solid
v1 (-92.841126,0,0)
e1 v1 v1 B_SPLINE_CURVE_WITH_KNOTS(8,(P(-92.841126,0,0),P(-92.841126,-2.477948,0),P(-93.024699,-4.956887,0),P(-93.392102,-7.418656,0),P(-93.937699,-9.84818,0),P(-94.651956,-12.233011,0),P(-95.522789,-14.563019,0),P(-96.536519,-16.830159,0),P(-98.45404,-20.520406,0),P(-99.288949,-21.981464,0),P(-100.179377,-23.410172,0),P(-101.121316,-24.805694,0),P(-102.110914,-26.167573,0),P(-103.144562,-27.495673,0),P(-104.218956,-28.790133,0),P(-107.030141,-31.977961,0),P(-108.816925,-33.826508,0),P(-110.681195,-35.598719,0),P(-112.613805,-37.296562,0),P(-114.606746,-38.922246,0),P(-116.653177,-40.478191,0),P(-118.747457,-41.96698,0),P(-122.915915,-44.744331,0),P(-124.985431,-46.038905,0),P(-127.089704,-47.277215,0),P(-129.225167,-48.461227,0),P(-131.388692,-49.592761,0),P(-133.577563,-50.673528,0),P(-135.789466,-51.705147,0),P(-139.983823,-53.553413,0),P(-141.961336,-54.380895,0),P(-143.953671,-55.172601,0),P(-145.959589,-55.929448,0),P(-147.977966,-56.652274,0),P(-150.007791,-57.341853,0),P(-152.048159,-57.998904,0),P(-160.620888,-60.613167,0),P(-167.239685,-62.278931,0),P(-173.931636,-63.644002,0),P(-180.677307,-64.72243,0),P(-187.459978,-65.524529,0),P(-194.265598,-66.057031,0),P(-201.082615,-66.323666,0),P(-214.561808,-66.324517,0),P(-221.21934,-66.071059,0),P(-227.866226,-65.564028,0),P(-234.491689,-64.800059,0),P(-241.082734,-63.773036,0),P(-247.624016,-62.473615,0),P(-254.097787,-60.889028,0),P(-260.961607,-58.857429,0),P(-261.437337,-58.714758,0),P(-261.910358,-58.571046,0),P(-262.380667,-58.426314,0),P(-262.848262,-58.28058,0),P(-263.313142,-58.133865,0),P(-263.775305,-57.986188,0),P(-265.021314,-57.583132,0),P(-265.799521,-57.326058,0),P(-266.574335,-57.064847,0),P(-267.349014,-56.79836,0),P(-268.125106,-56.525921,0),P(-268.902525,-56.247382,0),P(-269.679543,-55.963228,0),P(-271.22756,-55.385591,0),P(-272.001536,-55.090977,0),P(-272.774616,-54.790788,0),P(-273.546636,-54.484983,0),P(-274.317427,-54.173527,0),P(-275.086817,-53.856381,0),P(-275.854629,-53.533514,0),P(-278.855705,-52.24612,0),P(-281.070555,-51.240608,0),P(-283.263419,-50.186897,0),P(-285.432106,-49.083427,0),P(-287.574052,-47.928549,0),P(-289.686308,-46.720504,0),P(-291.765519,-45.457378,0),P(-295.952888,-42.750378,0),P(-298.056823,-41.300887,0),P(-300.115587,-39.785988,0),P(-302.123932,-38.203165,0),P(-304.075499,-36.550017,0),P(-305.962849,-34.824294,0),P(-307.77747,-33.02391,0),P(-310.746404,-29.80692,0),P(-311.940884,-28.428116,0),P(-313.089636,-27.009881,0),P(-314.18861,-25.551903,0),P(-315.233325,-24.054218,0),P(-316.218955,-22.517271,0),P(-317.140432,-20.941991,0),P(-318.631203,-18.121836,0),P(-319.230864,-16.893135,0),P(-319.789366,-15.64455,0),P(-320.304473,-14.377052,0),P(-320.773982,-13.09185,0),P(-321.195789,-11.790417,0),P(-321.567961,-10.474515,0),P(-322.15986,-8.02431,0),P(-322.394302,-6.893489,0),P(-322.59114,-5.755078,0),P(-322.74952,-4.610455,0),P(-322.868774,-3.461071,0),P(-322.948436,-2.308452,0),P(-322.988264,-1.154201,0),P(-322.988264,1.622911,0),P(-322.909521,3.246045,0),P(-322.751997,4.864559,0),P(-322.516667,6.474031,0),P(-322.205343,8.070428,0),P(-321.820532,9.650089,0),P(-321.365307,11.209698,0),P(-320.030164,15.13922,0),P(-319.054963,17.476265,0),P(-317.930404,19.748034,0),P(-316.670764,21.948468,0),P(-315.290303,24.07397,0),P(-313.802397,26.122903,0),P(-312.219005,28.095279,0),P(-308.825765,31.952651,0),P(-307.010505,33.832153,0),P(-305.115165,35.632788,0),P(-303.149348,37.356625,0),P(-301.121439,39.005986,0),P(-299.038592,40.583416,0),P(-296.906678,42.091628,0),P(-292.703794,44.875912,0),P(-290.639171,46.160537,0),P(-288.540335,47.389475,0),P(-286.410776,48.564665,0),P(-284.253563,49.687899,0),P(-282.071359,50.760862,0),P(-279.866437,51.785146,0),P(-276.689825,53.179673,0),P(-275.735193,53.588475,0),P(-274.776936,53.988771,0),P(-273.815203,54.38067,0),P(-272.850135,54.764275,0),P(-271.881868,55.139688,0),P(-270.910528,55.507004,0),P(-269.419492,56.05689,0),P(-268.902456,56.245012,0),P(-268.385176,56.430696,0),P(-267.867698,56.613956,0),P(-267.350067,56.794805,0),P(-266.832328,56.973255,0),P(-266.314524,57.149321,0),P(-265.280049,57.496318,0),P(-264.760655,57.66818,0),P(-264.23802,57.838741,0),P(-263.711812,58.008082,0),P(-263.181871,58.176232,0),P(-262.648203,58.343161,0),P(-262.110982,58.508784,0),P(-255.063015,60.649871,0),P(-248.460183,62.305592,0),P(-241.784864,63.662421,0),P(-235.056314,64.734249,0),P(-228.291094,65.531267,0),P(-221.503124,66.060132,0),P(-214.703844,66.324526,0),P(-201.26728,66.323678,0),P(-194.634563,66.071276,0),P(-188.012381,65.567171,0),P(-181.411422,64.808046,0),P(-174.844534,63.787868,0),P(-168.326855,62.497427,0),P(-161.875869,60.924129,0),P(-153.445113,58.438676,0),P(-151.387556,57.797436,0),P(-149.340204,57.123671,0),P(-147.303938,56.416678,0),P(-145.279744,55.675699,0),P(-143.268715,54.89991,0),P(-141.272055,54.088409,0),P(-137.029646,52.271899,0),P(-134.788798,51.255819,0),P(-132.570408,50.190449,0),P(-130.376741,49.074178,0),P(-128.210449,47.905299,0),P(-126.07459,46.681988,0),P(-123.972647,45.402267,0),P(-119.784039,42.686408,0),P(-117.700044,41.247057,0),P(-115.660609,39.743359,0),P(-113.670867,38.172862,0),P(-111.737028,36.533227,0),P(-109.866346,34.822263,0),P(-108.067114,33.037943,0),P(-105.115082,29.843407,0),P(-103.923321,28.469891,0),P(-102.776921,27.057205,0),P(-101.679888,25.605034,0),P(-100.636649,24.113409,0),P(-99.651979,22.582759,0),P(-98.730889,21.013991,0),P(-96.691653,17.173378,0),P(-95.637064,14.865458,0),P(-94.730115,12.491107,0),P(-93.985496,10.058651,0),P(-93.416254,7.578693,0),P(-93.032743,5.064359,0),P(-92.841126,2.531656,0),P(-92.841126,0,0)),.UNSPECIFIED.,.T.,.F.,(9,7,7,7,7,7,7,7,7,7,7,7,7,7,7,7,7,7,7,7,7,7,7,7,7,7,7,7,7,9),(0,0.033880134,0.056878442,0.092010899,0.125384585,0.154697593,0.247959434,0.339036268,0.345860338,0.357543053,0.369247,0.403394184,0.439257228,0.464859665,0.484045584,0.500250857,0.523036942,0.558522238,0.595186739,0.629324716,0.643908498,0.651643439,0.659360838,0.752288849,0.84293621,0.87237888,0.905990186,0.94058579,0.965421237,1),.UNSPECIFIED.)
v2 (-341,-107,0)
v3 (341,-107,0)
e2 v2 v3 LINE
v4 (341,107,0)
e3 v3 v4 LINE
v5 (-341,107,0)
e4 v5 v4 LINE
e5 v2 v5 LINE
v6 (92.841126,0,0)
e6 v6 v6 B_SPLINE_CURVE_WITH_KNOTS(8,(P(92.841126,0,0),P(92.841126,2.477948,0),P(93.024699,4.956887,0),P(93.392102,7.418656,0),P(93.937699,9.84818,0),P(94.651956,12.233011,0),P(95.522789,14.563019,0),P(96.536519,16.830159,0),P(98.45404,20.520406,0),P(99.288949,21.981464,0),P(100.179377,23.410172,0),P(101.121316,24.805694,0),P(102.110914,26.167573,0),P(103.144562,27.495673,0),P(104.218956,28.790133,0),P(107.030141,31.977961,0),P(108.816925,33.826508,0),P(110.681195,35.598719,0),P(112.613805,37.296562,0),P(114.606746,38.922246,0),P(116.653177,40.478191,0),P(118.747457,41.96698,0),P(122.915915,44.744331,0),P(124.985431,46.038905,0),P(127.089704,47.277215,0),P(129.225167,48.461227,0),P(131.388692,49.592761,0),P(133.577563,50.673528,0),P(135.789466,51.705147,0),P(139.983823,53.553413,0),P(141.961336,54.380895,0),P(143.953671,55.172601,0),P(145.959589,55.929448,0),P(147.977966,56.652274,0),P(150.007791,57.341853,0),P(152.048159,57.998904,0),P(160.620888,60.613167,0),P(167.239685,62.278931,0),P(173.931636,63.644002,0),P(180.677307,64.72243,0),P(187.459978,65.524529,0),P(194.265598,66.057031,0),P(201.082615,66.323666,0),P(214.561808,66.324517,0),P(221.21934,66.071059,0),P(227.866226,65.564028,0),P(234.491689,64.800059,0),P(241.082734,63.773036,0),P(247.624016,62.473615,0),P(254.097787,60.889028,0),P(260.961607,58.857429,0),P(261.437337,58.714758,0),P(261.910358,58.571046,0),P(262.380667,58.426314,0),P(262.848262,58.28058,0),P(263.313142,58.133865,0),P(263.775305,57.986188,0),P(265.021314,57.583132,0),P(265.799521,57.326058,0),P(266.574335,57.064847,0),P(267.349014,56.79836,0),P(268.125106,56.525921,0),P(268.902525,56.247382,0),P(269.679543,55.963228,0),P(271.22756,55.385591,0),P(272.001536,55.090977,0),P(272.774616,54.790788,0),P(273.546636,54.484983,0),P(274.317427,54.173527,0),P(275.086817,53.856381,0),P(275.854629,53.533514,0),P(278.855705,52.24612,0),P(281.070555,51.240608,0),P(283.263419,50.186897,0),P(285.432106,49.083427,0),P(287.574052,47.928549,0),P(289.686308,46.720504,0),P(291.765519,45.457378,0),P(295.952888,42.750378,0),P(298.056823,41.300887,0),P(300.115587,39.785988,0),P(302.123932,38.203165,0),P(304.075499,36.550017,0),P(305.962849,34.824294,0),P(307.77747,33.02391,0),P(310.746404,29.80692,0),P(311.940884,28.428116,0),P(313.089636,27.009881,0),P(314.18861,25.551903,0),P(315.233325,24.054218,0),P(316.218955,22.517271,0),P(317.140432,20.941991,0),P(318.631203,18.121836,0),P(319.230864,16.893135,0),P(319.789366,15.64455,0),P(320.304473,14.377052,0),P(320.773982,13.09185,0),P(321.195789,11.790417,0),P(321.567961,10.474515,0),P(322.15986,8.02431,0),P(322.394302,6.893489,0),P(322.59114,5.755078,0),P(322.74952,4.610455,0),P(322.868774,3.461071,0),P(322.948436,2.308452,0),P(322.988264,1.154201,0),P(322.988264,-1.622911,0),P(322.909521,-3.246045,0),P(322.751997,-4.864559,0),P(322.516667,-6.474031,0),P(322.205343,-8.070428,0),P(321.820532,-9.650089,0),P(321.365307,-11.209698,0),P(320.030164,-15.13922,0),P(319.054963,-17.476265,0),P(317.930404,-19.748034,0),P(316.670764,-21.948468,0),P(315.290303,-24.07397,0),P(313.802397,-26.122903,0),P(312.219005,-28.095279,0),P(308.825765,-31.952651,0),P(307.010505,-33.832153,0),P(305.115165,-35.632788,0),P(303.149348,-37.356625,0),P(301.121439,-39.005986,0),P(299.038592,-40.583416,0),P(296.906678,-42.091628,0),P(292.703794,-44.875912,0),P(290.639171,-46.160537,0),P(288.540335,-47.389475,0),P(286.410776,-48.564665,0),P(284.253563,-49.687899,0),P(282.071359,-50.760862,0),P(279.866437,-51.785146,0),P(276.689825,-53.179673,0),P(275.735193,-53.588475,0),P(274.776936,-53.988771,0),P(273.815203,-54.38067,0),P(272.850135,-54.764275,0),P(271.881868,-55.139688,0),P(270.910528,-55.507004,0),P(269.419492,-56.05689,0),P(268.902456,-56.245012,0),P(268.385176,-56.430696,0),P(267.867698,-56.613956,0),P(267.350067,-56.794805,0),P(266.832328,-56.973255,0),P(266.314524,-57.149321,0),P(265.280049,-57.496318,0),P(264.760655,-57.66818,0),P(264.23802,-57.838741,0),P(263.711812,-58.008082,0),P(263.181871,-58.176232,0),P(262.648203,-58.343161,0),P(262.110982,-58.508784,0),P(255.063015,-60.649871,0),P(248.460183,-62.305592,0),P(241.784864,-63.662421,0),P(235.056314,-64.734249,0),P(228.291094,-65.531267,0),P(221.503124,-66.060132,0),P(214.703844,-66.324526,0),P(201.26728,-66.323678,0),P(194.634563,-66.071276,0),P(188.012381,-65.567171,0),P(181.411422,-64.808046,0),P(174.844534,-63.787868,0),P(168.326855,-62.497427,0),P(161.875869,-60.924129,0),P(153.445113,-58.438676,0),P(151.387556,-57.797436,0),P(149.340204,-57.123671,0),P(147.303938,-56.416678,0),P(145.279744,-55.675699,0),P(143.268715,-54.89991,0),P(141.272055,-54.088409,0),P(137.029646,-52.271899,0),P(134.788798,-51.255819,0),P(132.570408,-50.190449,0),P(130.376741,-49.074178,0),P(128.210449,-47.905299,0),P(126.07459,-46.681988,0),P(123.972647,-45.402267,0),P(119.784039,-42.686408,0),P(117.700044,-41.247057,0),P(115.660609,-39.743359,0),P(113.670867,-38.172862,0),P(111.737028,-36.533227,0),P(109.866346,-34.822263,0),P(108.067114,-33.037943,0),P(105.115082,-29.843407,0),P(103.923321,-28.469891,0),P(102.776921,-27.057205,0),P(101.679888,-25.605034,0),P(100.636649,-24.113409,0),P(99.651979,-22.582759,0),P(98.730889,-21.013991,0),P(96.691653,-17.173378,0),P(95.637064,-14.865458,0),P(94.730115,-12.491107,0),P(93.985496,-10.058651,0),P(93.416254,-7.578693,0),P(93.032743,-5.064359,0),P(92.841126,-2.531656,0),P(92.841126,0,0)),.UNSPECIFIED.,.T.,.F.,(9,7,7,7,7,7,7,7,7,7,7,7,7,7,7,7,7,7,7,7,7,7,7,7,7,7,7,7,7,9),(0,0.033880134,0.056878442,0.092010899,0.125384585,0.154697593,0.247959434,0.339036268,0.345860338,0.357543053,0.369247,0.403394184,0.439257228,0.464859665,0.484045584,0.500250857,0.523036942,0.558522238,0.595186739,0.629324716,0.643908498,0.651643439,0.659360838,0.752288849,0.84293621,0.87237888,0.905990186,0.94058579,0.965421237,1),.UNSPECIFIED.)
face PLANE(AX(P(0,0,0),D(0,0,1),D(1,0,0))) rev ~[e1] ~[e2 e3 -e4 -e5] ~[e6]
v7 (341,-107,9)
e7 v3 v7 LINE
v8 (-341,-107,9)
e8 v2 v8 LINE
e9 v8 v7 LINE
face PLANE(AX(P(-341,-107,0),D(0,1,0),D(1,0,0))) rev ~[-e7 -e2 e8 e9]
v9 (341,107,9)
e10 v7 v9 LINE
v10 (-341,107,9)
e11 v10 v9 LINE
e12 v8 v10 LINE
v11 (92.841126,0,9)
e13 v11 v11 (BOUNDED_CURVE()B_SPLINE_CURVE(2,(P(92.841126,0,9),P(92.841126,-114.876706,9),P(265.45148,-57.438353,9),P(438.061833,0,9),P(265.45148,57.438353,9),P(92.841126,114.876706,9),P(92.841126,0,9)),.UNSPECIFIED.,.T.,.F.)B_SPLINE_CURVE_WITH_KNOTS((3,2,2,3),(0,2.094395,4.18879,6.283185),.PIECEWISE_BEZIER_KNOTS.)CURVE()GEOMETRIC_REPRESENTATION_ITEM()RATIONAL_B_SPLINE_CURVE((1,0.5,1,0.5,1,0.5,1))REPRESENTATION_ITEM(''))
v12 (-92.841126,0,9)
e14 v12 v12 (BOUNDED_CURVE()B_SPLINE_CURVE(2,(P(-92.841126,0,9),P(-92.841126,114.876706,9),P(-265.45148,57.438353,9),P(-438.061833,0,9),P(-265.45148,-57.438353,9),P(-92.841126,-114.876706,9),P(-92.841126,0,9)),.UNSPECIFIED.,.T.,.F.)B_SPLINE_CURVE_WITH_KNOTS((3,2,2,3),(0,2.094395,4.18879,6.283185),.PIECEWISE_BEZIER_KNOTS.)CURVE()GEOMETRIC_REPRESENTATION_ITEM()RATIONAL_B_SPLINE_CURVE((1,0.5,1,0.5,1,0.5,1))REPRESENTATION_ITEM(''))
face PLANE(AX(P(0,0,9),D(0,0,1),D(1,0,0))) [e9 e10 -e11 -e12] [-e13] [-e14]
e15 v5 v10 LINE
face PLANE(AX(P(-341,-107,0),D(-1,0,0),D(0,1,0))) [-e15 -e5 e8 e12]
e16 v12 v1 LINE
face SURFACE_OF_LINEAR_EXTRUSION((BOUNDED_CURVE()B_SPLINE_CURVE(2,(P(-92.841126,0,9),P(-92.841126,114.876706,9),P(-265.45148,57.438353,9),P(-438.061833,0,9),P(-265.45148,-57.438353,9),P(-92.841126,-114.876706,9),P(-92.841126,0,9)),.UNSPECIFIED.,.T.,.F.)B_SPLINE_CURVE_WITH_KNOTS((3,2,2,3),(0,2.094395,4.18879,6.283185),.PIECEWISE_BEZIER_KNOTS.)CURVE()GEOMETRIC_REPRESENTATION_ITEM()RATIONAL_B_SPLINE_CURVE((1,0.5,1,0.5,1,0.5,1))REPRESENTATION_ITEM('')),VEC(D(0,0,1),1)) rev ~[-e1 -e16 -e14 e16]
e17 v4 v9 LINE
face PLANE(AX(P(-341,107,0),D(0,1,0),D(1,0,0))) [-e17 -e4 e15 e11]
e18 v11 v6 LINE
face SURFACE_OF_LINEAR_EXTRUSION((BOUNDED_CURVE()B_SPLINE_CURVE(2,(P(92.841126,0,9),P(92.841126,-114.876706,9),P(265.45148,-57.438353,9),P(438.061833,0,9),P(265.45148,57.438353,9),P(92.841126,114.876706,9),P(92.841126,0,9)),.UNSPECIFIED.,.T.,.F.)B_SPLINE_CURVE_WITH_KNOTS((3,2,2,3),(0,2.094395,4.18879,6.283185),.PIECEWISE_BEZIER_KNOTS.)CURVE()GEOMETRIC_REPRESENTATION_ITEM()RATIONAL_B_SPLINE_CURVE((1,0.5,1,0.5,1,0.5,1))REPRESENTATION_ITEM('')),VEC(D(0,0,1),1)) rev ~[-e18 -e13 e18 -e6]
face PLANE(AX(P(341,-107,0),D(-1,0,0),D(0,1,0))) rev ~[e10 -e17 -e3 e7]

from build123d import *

# Parameters (mm, degrees)
F0_W     = 682
F0_H     = 214
F1_DEPTH = 9
F3_DEPTH = 25


with BuildPart() as f1:
    # F0 (on Top) → F1 (new body)
    with BuildSketch(Plane.XY):
        Rectangle(F0_W, F0_H)
    extrude(amount=F1_DEPTH)

    # F2 (on face) → F3 (cut)
    with BuildSketch(Plane.XY.offset(9)):
        with BuildLine():
            add(Edge.make_bspline(
                [(-92.841126, 0), (-92.841126, 114.876706), (-265.45148, 57.438353), (-438.061833, 0), (-265.45148, -57.438353), (-92.841126, -114.876706), (-92.841126, 0)],
                knots=[0, 0, 0, 2.094395, 2.094395, 4.18879, 4.18879, 6.283185, 6.283185, 6.283185], degree=2, weights=[1, 0.5, 1, 0.5, 1, 0.5, 1]))
        make_face()
        with BuildLine():
            add(Edge.make_bspline(
                [(92.841126, 0), (92.841126, -114.876706), (265.45148, -57.438353), (438.061833, 0), (265.45148, 57.438353), (92.841126, 114.876706), (92.841126, 0)],
                knots=[0, 0, 0, 2.094395, 2.094395, 4.18879, 4.18879, 6.283185, 6.283185, 6.283185], degree=2, weights=[1, 0.5, 1, 0.5, 1, 0.5, 1]))
        make_face()
    extrude(amount=-F3_DEPTH, mode=Mode.SUBTRACT)


solid = f1.part
